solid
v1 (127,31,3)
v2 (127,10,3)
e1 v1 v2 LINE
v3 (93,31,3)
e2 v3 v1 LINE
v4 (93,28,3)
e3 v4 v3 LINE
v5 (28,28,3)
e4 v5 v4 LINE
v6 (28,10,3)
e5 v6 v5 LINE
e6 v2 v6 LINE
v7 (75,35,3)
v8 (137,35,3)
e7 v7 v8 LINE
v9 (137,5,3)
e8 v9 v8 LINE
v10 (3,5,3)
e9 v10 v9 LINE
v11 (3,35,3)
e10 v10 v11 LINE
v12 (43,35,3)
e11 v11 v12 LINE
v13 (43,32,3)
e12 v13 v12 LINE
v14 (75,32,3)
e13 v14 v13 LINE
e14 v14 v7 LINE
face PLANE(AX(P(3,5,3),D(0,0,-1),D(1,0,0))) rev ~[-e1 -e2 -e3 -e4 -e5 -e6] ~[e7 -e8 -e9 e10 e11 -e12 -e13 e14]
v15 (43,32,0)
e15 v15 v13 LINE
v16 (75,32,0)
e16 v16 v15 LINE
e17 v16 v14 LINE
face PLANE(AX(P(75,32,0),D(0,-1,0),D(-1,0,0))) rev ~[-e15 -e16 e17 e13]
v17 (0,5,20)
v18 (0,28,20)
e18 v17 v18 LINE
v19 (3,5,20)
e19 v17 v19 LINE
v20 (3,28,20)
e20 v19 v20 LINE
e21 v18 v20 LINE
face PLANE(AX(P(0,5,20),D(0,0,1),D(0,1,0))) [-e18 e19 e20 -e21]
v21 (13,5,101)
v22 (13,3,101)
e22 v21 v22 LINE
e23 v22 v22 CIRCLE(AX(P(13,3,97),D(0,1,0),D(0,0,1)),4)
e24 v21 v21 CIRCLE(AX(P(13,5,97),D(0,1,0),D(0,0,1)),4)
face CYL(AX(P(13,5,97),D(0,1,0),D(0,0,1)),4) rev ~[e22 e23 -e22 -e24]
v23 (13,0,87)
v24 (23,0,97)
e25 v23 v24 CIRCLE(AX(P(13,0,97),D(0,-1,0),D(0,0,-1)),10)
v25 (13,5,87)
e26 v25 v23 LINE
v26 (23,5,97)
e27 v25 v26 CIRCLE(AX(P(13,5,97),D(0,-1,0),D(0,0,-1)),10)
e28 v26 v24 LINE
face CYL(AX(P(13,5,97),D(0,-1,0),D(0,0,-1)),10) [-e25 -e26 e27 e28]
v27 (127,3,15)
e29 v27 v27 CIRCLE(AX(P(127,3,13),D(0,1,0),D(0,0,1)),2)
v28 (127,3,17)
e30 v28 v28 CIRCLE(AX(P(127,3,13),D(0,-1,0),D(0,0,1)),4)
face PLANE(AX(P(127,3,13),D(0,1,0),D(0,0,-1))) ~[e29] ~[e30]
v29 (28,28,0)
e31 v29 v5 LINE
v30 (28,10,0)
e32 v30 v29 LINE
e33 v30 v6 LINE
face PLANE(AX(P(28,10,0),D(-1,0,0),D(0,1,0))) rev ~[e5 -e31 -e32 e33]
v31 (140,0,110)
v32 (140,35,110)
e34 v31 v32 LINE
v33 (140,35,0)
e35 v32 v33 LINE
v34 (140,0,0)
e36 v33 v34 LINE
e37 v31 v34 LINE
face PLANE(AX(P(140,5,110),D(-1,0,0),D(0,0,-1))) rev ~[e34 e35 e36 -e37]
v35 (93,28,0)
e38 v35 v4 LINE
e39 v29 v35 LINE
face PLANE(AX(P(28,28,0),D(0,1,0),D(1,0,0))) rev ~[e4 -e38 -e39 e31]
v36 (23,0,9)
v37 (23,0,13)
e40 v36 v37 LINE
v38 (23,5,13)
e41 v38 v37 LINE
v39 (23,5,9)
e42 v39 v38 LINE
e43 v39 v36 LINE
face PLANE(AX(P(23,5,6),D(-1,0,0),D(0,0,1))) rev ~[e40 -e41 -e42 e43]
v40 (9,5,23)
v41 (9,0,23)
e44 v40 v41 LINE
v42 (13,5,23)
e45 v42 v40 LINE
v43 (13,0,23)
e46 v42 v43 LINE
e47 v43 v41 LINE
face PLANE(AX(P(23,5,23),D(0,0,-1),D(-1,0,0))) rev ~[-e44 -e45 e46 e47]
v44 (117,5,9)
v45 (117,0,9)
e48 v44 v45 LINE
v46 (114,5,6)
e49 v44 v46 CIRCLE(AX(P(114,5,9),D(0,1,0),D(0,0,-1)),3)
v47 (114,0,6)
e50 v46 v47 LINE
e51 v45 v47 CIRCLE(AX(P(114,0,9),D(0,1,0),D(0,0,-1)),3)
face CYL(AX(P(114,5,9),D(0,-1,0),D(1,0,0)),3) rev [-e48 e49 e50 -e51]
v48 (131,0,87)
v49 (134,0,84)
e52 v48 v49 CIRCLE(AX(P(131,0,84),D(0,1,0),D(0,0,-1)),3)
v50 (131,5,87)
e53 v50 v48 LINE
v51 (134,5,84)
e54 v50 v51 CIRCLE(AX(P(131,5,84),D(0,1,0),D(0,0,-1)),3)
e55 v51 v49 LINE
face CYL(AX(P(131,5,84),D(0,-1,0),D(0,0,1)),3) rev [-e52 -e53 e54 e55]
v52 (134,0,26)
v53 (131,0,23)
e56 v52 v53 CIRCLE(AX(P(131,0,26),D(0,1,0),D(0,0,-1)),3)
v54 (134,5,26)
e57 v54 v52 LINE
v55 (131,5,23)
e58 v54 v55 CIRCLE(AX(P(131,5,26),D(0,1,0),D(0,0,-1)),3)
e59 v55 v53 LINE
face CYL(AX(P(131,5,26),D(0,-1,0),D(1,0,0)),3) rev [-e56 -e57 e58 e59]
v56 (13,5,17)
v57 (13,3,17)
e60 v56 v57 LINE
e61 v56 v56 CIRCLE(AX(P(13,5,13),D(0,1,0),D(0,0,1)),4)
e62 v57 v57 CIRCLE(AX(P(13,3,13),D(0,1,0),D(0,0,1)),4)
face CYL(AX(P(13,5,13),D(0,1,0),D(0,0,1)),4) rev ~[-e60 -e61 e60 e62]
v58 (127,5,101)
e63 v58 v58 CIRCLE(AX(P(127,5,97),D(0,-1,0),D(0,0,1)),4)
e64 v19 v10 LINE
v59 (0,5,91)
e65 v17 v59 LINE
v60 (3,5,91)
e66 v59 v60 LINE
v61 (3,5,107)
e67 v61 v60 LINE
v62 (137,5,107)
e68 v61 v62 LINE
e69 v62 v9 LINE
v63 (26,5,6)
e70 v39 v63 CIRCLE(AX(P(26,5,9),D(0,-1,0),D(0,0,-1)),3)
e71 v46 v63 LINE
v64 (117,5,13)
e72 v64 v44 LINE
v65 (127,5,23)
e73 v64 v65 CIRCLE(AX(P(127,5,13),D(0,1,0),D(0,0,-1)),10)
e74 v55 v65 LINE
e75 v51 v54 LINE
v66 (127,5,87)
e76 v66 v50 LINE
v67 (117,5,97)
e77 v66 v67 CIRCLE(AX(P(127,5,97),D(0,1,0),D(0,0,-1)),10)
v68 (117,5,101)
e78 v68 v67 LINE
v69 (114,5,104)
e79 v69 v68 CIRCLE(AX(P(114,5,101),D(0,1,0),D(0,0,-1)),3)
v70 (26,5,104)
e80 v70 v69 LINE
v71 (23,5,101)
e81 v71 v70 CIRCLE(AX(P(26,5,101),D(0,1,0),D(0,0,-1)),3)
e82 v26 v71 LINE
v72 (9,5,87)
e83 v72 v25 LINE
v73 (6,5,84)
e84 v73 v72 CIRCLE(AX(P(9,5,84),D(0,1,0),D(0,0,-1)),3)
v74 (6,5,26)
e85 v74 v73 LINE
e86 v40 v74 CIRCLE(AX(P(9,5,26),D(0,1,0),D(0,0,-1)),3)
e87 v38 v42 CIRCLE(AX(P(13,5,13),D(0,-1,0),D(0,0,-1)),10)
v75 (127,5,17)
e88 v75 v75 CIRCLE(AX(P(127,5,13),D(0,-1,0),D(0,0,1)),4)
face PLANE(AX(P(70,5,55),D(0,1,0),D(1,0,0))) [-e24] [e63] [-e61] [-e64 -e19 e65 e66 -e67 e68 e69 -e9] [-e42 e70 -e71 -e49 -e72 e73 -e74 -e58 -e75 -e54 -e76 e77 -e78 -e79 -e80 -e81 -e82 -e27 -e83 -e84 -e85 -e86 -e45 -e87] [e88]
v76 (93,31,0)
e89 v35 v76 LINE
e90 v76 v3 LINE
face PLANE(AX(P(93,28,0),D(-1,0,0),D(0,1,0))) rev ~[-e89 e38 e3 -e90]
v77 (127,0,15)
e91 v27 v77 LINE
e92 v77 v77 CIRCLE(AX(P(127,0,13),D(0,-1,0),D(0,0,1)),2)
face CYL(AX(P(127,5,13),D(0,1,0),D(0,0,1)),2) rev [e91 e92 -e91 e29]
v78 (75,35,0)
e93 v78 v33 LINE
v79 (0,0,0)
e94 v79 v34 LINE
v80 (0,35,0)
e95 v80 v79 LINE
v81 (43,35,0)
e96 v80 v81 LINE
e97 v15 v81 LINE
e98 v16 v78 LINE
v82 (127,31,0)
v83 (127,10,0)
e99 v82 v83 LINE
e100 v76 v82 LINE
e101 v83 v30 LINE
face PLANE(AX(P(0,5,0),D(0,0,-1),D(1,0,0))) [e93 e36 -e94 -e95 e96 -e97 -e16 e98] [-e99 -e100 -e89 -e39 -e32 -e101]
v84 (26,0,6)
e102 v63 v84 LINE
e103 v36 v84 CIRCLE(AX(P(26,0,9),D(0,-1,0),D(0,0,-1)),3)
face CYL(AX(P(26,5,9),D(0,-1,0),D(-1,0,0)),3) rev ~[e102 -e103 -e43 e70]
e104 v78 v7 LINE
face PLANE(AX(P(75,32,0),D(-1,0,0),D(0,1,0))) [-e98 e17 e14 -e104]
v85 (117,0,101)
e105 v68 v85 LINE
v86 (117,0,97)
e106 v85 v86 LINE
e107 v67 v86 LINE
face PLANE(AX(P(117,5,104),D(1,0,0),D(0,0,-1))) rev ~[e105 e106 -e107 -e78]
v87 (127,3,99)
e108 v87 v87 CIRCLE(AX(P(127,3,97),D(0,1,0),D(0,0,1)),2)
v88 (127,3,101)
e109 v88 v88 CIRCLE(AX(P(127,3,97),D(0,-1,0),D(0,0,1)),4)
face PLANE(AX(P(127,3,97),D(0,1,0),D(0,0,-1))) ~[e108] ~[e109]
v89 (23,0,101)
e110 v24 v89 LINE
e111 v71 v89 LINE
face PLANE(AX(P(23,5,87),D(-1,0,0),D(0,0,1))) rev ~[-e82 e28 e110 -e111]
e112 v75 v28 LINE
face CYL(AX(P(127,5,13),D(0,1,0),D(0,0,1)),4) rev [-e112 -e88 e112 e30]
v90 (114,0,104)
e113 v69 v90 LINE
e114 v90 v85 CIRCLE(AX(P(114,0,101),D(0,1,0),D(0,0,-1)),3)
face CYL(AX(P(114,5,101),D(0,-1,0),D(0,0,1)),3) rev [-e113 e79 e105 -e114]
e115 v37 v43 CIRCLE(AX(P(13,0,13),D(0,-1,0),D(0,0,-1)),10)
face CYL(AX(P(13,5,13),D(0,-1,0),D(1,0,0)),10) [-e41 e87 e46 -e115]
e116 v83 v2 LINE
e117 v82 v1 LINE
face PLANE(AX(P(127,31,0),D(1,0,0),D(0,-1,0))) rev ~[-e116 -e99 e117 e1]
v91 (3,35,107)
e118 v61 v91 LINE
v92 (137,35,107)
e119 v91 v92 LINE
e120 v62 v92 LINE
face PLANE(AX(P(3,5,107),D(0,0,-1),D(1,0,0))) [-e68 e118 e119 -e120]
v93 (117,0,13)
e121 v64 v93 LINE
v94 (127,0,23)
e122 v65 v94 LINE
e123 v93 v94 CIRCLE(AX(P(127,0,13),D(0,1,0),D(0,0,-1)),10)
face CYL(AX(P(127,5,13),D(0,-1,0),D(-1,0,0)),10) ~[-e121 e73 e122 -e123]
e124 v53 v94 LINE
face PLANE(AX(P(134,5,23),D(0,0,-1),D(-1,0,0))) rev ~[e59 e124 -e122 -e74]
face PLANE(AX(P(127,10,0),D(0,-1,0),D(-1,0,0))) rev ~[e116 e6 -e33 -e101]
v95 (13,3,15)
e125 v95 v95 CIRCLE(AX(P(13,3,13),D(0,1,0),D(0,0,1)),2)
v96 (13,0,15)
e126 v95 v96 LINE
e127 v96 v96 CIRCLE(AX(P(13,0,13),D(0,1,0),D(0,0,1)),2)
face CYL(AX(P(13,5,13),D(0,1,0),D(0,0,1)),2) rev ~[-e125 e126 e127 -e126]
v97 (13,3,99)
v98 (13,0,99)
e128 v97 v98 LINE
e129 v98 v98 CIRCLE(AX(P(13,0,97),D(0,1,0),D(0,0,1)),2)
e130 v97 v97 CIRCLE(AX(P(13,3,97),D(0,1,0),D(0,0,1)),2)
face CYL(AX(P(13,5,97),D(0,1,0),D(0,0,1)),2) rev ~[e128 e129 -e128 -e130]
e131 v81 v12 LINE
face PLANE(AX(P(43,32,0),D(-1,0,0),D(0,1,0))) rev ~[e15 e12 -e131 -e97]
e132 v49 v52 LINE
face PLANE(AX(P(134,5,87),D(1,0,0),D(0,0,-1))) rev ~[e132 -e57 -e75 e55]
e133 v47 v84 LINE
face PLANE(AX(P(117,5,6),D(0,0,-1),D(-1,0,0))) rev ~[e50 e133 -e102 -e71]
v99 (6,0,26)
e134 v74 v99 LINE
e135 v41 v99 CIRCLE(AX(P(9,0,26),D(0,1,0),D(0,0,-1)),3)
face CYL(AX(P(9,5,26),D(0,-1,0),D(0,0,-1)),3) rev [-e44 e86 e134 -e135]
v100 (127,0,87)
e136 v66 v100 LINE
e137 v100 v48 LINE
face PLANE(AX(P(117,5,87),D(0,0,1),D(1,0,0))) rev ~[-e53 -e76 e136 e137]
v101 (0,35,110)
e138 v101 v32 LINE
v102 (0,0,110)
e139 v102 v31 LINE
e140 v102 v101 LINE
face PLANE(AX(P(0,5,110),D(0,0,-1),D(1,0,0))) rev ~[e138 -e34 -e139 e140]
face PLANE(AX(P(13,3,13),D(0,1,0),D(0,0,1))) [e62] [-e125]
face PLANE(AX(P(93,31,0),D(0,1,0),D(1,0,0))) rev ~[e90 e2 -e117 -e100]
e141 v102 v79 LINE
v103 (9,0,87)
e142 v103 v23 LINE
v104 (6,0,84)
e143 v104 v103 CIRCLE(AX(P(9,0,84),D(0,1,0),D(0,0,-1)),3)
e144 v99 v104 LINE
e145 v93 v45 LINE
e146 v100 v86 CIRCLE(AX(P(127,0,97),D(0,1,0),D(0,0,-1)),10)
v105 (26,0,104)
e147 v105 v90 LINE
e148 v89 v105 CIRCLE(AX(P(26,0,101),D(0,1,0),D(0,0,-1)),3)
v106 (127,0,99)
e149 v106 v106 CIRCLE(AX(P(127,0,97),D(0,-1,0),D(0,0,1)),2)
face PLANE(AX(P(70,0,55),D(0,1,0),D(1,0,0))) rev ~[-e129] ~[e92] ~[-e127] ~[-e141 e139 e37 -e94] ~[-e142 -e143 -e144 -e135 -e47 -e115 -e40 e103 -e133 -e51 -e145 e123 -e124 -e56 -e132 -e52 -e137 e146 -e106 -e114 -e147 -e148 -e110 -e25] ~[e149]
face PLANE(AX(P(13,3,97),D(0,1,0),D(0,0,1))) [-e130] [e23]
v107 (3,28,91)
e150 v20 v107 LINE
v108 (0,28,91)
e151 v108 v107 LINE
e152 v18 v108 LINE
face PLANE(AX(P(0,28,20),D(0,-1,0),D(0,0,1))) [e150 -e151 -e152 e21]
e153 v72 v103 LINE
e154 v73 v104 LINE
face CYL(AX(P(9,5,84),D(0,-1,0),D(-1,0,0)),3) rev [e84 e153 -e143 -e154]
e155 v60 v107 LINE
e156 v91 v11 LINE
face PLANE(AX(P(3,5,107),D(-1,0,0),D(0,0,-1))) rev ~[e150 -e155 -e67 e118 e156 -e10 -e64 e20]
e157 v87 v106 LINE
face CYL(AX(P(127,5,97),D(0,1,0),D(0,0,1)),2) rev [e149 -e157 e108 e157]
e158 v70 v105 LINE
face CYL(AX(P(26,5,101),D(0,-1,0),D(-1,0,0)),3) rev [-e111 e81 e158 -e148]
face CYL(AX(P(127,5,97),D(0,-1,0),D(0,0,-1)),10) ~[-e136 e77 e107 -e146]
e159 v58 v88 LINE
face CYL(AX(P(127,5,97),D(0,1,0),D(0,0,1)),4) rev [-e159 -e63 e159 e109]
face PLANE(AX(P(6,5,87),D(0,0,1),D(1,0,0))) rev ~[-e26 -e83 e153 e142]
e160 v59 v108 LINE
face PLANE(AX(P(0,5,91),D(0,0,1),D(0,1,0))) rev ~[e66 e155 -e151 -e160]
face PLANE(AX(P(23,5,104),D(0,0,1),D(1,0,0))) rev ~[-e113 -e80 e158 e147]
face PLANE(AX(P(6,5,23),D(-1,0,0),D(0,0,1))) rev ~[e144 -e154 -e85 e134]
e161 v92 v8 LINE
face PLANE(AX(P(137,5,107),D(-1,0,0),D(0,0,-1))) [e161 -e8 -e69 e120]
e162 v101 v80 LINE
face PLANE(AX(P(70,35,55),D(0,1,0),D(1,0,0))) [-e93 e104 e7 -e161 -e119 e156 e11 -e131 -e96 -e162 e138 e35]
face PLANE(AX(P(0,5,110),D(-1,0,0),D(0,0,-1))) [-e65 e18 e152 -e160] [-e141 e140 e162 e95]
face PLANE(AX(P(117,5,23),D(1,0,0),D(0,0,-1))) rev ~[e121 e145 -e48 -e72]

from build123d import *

# Parameters (mm, degrees)
SKETCH1_W           = 140
SKETCH1_H           = 110
BOSS_EXTRUDE1_DEPTH = 5
SKETCH3_W           = 140
SKETCH3_H           = 110
SKETCH3_W_2         = 134
SKETCH3_H_2         = 104
BOSS_EXTRUDE2_DEPTH = 30
CUT_EXTRUDE3_DEPTH  = 5
FILLET1_R           = 3
SKETCH5_R           = 4
CUT_EXTRUDE4_DEPTH  = 2
SKETCH6_R           = 2
CUT_EXTRUDE5_DEPTH  = 5
FILLET2_R           = 10
CUT_EXTRUDE6_DEPTH  = 3
SKETCH9_W           = 32
SKETCH9_H           = 3
CUT_EXTRUDE7_DEPTH  = 3
SKETCH10_W          = 71
SKETCH10_H          = 23
CUT_EXTRUDE8_DEPTH  = 3


with BuildPart() as part:
    # Sketch1 → Boss-Extrude1 (new body)
    with BuildSketch(Plane(origin=(0, 0, 0), x_dir=(1, 0, 0), z_dir=(0, 1, 0))):
        with Locations((70, -55)):
            Rectangle(SKETCH1_W, SKETCH1_H)
    extrude(amount=BOSS_EXTRUDE1_DEPTH)

    # Sketch3 → Boss-Extrude2 (add)
    with BuildSketch(Plane(origin=(0, 5, 0), x_dir=(1, 0, 0), z_dir=(0, 1, 0))):
        with Locations((70, -55)):
            Rectangle(SKETCH3_W, SKETCH3_H)
        with Locations((70, -55)):
            Rectangle(SKETCH3_W_2, SKETCH3_H_2, mode=Mode.SUBTRACT)
    extrude(amount=BOSS_EXTRUDE2_DEPTH)

    # Sketch4 → Cut-Extrude3 (cut)
    with BuildSketch(Plane(origin=(0, 5, 0), x_dir=(1, 0, 0), z_dir=(0, 1, 0))):
        Polygon((23, -6), (23, -23), (6, -23), (6, -87), (23, -87), (23, -104), (117, -104), (117, -87), (134, -87), (134, -23), (117, -23), (117, -6), align=None)
    extrude(amount=-CUT_EXTRUDE3_DEPTH, mode=Mode.SUBTRACT)

    # Fillet1
    fillet1_edges = [part.edges().sort_by_distance(p)[0] for p in [
        (23, 2.5, 6),
        (117, 2.5, 6),
        (134, 2.5, 23),
        (134, 2.5, 87),
        (117, 2.5, 104),
        (23, 2.5, 104),
        (6, 2.5, 87),
        (6, 2.5, 23),
    ]]
    fillet(fillet1_edges, radius=FILLET1_R)

    # Sketch5 → Cut-Extrude4 (cut)
    with BuildSketch(Plane(origin=(0, 5, 0), x_dir=(1, 0, 0), z_dir=(0, 1, 0))):
        with Locations(Location((13, -13, 0), (0, 0, 270))):
            Circle(SKETCH5_R)
        with Locations(Location((13, -97, 0), (0, 0, 270))):
            Circle(SKETCH5_R)
    cut_extrude4 = extrude(amount=-CUT_EXTRUDE4_DEPTH, mode=Mode.SUBTRACT)

    # Sketch6 → Cut-Extrude5 (cut)
    with BuildSketch(Plane(origin=(0, 5, 0), x_dir=(1, 0, 0), z_dir=(0, 1, 0))):
        with Locations(Location((13, -13, 0), (0, 0, 270))):
            Circle(SKETCH6_R)
        with Locations(Location((13, -97, 0), (0, 0, 270))):
            Circle(SKETCH6_R)
    cut_extrude5 = extrude(amount=-CUT_EXTRUDE5_DEPTH, mode=Mode.SUBTRACT)

    # Mirror1: Cut-Extrude4, Cut-Extrude5 across plane
    add(cut_extrude4.mirror(Plane(origin=(70, 0, 0), x_dir=(0, 0, 1), z_dir=(1, 0, 0))), mode=Mode.SUBTRACT)
    add(cut_extrude5.mirror(Plane(origin=(70, 0, 0), x_dir=(0, 0, 1), z_dir=(1, 0, 0))), mode=Mode.SUBTRACT)

    # Fillet2
    fillet2_edges = [part.edges().sort_by_distance(p)[0] for p in [
        (117, 2.5, 23),
        (117, 2.5, 87),
        (23, 2.5, 87),
        (23, 2.5, 23),
    ]]
    fillet(fillet2_edges, radius=FILLET2_R)

    # Sketch8 → Cut-Extrude6 (cut)
    with BuildSketch(Plane(origin=(0, 0, 0), x_dir=(-1, 0, 0), z_dir=(0, 0, -1))):
        Polygon((-127, 31), (-127, 10), (-28, 10), (-28, 28), (-93, 28), (-93, 31), align=None)
    extrude(amount=-CUT_EXTRUDE6_DEPTH, mode=Mode.SUBTRACT)

    # Sketch9 → Cut-Extrude7 (cut)
    with BuildSketch(Plane(origin=(0, 0, 0), x_dir=(-1, 0, 0), z_dir=(0, 0, -1))):
        with Locations((-59, 33.5)):
            Rectangle(SKETCH9_W, SKETCH9_H)
    extrude(amount=-CUT_EXTRUDE7_DEPTH, mode=Mode.SUBTRACT)

    # Sketch10 → Cut-Extrude8 (cut)
    with BuildSketch(Plane.ZY):
        with Locations((55.5, 16.5)):
            Rectangle(SKETCH10_W, SKETCH10_H)
    extrude(amount=-CUT_EXTRUDE8_DEPTH, mode=Mode.SUBTRACT)


solid = part.part
